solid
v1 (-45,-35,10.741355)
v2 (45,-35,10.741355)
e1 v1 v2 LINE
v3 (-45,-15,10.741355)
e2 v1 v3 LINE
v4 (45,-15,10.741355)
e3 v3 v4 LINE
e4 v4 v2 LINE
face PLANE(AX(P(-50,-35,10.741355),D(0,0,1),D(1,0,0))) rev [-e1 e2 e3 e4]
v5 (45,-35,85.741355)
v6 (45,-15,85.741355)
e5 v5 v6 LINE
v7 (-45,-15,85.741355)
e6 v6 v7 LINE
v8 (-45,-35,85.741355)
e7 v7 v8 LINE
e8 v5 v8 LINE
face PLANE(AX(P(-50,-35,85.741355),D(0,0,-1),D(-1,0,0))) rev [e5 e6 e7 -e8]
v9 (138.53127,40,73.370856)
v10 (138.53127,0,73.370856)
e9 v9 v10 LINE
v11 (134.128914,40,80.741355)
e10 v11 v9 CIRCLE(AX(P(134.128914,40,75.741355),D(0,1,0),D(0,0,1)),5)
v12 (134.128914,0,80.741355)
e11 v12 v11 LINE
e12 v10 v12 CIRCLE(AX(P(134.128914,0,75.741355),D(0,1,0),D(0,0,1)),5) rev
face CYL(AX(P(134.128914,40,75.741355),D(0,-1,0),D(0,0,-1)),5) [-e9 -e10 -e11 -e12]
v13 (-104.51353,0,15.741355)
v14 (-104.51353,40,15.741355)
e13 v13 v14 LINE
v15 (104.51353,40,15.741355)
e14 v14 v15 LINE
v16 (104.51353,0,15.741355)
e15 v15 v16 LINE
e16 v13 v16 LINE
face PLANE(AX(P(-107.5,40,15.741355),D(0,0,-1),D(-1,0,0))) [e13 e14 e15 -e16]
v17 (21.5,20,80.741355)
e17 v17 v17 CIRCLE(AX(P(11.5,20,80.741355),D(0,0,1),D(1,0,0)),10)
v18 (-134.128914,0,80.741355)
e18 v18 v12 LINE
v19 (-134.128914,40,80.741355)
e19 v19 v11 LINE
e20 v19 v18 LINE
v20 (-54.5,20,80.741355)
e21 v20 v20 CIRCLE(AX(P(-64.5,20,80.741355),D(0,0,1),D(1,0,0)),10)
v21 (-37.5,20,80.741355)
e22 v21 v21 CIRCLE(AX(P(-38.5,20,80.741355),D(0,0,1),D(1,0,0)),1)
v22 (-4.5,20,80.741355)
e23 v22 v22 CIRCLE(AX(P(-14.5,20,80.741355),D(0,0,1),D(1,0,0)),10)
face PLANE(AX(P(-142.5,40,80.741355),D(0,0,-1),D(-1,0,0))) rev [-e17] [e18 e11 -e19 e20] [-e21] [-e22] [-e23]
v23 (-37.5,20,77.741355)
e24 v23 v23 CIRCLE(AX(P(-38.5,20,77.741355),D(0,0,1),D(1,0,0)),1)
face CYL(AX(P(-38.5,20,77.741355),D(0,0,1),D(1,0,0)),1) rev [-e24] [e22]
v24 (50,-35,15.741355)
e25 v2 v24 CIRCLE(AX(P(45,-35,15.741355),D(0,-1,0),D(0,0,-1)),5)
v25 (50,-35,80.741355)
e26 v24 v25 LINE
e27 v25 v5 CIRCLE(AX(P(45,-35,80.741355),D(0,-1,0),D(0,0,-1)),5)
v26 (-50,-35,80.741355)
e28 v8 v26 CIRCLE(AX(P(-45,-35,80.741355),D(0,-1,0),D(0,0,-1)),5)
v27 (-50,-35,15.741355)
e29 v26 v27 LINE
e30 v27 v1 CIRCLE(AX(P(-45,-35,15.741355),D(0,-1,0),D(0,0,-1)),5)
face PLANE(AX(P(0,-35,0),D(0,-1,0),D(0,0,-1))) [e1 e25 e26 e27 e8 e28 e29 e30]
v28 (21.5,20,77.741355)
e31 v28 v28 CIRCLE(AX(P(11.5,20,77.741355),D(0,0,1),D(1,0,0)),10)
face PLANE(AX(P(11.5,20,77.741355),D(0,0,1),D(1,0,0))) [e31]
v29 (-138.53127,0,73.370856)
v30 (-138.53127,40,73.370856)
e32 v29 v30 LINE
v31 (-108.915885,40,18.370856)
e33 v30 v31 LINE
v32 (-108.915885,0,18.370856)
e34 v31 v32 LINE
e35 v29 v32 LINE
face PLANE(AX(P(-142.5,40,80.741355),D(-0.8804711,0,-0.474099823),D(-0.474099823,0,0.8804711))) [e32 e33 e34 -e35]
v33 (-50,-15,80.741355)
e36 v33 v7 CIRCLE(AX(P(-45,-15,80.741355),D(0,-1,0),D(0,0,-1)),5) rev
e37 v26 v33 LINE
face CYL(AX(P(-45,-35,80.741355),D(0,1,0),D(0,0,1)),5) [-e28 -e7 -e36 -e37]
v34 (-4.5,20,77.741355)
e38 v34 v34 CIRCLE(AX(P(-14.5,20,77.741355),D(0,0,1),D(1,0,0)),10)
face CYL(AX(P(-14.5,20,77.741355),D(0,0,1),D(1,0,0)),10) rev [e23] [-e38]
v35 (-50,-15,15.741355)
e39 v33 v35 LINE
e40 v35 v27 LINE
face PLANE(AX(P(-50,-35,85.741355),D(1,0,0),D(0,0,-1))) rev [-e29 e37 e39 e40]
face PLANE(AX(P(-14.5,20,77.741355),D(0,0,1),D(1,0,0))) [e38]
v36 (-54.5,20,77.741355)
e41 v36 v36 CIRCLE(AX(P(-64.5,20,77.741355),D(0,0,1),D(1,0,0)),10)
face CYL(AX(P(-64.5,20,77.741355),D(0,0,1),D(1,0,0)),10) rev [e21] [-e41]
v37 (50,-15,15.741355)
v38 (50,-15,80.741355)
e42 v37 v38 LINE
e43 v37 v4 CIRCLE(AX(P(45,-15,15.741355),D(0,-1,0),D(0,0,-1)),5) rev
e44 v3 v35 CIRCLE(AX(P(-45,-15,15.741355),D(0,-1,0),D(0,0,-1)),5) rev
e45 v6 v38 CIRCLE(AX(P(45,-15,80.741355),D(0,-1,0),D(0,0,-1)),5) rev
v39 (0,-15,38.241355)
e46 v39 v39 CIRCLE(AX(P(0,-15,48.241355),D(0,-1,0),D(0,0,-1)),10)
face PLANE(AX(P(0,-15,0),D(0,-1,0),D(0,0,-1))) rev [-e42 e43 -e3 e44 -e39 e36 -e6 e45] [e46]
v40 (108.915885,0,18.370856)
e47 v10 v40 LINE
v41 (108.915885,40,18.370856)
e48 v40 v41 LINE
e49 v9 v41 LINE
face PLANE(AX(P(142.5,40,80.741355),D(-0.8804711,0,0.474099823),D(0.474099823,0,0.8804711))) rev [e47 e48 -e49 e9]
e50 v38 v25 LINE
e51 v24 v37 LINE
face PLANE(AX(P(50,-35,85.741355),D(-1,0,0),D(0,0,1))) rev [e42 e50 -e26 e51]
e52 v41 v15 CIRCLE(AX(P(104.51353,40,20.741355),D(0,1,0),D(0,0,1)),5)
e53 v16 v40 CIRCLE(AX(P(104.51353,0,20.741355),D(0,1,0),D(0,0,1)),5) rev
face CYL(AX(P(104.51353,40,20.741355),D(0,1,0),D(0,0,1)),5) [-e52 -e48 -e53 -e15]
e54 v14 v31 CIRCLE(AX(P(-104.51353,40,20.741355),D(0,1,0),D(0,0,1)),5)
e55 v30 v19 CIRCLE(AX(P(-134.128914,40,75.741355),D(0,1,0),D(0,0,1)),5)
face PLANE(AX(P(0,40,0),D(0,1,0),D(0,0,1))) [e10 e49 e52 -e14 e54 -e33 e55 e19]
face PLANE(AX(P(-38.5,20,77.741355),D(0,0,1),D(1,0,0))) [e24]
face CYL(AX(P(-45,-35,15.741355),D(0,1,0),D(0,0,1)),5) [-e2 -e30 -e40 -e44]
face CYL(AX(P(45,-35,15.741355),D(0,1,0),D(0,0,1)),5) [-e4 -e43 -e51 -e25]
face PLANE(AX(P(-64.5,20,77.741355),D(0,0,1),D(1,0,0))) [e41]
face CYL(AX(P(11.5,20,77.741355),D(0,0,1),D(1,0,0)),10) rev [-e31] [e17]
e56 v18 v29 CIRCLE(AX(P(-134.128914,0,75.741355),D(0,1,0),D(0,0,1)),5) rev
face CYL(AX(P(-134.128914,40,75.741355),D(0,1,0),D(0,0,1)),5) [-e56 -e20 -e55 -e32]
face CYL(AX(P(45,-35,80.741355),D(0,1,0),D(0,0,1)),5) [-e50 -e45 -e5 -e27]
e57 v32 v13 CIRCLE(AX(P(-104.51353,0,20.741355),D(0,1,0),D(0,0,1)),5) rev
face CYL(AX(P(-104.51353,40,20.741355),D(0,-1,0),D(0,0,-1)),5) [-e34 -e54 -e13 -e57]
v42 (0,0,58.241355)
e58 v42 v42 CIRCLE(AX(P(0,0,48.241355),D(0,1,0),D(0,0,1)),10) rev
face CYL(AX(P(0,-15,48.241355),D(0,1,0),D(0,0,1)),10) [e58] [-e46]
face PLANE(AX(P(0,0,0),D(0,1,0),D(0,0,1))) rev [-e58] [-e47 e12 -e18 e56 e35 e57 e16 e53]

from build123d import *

# Parameters (mm, degrees)
BOSS_EXTRUDE1_DEPTH = 40
SKETCH3_R           = 10
SKETCH3_R_2         = 1
CUT_EXTRUDE1_DEPTH  = 3
SKETCH8_R           = 10
BOSS_EXTRUDE2_DEPTH = 15
SKETCH9_W           = 100
SKETCH9_H           = 75
BOSS_EXTRUDE3_DEPTH = 20
FILLET2_R           = 5
FILLET3_R           = 5


with BuildPart() as part:
    # Sketch2 → Boss-Extrude1 (new body)
    with BuildSketch(Plane(origin=(0, 0, 0), x_dir=(1, 0, 0), z_dir=(0, 1, 0))):
        Polygon((-107.5, -15.741355231), (107.5, -15.741355231), (142.5, -80.741355231), (-142.5, -80.741355231), align=None)
    extrude(amount=BOSS_EXTRUDE1_DEPTH)

    # Sketch3 → Cut-Extrude1 (cut)
    with BuildSketch(Plane.XY.offset(80.741355231)):
        with Locations((-64.5, 20)):
            Circle(SKETCH3_R)
        with Locations((-38.5, 20)):
            Circle(SKETCH3_R_2)
        with Locations((-14.5, 20)):
            Circle(SKETCH3_R)
        with Locations((11.5, 20)):
            Circle(SKETCH3_R)
    extrude(amount=-CUT_EXTRUDE1_DEPTH, mode=Mode.SUBTRACT)

    # Sketch8 → Boss-Extrude2 (add)
    with BuildSketch(Plane.XZ):
        with Locations((0, 48.241355231)):
            Circle(SKETCH8_R)
    extrude(amount=BOSS_EXTRUDE2_DEPTH)

    # Sketch9 → Boss-Extrude3 (add)
    with BuildSketch(Plane.XZ.offset(15)):
        with Locations((0, 48.241355231)):
            Rectangle(SKETCH9_W, SKETCH9_H)
    extrude(amount=BOSS_EXTRUDE3_DEPTH)

    # Fillet2
    fillet2_edges = [part.edges().sort_by_distance(p)[0] for p in [
        (-142.5, 20, 80.741355231),
        (-107.5, 20, 15.741355231),
        (107.5, 20, 15.741355231),
        (142.5, 20, 80.741355231),
    ]]
    fillet(fillet2_edges, radius=FILLET2_R)

    # Fillet3
    fillet3_edges = [part.edges().sort_by_distance(p)[0] for p in [
        (50, -25, 10.741355231),
        (50, -25, 85.741355231),
        (-50, -25, 85.741355231),
        (-50, -25, 10.741355231),
    ]]
    fillet(fillet3_edges, radius=FILLET3_R)


solid = part.part
